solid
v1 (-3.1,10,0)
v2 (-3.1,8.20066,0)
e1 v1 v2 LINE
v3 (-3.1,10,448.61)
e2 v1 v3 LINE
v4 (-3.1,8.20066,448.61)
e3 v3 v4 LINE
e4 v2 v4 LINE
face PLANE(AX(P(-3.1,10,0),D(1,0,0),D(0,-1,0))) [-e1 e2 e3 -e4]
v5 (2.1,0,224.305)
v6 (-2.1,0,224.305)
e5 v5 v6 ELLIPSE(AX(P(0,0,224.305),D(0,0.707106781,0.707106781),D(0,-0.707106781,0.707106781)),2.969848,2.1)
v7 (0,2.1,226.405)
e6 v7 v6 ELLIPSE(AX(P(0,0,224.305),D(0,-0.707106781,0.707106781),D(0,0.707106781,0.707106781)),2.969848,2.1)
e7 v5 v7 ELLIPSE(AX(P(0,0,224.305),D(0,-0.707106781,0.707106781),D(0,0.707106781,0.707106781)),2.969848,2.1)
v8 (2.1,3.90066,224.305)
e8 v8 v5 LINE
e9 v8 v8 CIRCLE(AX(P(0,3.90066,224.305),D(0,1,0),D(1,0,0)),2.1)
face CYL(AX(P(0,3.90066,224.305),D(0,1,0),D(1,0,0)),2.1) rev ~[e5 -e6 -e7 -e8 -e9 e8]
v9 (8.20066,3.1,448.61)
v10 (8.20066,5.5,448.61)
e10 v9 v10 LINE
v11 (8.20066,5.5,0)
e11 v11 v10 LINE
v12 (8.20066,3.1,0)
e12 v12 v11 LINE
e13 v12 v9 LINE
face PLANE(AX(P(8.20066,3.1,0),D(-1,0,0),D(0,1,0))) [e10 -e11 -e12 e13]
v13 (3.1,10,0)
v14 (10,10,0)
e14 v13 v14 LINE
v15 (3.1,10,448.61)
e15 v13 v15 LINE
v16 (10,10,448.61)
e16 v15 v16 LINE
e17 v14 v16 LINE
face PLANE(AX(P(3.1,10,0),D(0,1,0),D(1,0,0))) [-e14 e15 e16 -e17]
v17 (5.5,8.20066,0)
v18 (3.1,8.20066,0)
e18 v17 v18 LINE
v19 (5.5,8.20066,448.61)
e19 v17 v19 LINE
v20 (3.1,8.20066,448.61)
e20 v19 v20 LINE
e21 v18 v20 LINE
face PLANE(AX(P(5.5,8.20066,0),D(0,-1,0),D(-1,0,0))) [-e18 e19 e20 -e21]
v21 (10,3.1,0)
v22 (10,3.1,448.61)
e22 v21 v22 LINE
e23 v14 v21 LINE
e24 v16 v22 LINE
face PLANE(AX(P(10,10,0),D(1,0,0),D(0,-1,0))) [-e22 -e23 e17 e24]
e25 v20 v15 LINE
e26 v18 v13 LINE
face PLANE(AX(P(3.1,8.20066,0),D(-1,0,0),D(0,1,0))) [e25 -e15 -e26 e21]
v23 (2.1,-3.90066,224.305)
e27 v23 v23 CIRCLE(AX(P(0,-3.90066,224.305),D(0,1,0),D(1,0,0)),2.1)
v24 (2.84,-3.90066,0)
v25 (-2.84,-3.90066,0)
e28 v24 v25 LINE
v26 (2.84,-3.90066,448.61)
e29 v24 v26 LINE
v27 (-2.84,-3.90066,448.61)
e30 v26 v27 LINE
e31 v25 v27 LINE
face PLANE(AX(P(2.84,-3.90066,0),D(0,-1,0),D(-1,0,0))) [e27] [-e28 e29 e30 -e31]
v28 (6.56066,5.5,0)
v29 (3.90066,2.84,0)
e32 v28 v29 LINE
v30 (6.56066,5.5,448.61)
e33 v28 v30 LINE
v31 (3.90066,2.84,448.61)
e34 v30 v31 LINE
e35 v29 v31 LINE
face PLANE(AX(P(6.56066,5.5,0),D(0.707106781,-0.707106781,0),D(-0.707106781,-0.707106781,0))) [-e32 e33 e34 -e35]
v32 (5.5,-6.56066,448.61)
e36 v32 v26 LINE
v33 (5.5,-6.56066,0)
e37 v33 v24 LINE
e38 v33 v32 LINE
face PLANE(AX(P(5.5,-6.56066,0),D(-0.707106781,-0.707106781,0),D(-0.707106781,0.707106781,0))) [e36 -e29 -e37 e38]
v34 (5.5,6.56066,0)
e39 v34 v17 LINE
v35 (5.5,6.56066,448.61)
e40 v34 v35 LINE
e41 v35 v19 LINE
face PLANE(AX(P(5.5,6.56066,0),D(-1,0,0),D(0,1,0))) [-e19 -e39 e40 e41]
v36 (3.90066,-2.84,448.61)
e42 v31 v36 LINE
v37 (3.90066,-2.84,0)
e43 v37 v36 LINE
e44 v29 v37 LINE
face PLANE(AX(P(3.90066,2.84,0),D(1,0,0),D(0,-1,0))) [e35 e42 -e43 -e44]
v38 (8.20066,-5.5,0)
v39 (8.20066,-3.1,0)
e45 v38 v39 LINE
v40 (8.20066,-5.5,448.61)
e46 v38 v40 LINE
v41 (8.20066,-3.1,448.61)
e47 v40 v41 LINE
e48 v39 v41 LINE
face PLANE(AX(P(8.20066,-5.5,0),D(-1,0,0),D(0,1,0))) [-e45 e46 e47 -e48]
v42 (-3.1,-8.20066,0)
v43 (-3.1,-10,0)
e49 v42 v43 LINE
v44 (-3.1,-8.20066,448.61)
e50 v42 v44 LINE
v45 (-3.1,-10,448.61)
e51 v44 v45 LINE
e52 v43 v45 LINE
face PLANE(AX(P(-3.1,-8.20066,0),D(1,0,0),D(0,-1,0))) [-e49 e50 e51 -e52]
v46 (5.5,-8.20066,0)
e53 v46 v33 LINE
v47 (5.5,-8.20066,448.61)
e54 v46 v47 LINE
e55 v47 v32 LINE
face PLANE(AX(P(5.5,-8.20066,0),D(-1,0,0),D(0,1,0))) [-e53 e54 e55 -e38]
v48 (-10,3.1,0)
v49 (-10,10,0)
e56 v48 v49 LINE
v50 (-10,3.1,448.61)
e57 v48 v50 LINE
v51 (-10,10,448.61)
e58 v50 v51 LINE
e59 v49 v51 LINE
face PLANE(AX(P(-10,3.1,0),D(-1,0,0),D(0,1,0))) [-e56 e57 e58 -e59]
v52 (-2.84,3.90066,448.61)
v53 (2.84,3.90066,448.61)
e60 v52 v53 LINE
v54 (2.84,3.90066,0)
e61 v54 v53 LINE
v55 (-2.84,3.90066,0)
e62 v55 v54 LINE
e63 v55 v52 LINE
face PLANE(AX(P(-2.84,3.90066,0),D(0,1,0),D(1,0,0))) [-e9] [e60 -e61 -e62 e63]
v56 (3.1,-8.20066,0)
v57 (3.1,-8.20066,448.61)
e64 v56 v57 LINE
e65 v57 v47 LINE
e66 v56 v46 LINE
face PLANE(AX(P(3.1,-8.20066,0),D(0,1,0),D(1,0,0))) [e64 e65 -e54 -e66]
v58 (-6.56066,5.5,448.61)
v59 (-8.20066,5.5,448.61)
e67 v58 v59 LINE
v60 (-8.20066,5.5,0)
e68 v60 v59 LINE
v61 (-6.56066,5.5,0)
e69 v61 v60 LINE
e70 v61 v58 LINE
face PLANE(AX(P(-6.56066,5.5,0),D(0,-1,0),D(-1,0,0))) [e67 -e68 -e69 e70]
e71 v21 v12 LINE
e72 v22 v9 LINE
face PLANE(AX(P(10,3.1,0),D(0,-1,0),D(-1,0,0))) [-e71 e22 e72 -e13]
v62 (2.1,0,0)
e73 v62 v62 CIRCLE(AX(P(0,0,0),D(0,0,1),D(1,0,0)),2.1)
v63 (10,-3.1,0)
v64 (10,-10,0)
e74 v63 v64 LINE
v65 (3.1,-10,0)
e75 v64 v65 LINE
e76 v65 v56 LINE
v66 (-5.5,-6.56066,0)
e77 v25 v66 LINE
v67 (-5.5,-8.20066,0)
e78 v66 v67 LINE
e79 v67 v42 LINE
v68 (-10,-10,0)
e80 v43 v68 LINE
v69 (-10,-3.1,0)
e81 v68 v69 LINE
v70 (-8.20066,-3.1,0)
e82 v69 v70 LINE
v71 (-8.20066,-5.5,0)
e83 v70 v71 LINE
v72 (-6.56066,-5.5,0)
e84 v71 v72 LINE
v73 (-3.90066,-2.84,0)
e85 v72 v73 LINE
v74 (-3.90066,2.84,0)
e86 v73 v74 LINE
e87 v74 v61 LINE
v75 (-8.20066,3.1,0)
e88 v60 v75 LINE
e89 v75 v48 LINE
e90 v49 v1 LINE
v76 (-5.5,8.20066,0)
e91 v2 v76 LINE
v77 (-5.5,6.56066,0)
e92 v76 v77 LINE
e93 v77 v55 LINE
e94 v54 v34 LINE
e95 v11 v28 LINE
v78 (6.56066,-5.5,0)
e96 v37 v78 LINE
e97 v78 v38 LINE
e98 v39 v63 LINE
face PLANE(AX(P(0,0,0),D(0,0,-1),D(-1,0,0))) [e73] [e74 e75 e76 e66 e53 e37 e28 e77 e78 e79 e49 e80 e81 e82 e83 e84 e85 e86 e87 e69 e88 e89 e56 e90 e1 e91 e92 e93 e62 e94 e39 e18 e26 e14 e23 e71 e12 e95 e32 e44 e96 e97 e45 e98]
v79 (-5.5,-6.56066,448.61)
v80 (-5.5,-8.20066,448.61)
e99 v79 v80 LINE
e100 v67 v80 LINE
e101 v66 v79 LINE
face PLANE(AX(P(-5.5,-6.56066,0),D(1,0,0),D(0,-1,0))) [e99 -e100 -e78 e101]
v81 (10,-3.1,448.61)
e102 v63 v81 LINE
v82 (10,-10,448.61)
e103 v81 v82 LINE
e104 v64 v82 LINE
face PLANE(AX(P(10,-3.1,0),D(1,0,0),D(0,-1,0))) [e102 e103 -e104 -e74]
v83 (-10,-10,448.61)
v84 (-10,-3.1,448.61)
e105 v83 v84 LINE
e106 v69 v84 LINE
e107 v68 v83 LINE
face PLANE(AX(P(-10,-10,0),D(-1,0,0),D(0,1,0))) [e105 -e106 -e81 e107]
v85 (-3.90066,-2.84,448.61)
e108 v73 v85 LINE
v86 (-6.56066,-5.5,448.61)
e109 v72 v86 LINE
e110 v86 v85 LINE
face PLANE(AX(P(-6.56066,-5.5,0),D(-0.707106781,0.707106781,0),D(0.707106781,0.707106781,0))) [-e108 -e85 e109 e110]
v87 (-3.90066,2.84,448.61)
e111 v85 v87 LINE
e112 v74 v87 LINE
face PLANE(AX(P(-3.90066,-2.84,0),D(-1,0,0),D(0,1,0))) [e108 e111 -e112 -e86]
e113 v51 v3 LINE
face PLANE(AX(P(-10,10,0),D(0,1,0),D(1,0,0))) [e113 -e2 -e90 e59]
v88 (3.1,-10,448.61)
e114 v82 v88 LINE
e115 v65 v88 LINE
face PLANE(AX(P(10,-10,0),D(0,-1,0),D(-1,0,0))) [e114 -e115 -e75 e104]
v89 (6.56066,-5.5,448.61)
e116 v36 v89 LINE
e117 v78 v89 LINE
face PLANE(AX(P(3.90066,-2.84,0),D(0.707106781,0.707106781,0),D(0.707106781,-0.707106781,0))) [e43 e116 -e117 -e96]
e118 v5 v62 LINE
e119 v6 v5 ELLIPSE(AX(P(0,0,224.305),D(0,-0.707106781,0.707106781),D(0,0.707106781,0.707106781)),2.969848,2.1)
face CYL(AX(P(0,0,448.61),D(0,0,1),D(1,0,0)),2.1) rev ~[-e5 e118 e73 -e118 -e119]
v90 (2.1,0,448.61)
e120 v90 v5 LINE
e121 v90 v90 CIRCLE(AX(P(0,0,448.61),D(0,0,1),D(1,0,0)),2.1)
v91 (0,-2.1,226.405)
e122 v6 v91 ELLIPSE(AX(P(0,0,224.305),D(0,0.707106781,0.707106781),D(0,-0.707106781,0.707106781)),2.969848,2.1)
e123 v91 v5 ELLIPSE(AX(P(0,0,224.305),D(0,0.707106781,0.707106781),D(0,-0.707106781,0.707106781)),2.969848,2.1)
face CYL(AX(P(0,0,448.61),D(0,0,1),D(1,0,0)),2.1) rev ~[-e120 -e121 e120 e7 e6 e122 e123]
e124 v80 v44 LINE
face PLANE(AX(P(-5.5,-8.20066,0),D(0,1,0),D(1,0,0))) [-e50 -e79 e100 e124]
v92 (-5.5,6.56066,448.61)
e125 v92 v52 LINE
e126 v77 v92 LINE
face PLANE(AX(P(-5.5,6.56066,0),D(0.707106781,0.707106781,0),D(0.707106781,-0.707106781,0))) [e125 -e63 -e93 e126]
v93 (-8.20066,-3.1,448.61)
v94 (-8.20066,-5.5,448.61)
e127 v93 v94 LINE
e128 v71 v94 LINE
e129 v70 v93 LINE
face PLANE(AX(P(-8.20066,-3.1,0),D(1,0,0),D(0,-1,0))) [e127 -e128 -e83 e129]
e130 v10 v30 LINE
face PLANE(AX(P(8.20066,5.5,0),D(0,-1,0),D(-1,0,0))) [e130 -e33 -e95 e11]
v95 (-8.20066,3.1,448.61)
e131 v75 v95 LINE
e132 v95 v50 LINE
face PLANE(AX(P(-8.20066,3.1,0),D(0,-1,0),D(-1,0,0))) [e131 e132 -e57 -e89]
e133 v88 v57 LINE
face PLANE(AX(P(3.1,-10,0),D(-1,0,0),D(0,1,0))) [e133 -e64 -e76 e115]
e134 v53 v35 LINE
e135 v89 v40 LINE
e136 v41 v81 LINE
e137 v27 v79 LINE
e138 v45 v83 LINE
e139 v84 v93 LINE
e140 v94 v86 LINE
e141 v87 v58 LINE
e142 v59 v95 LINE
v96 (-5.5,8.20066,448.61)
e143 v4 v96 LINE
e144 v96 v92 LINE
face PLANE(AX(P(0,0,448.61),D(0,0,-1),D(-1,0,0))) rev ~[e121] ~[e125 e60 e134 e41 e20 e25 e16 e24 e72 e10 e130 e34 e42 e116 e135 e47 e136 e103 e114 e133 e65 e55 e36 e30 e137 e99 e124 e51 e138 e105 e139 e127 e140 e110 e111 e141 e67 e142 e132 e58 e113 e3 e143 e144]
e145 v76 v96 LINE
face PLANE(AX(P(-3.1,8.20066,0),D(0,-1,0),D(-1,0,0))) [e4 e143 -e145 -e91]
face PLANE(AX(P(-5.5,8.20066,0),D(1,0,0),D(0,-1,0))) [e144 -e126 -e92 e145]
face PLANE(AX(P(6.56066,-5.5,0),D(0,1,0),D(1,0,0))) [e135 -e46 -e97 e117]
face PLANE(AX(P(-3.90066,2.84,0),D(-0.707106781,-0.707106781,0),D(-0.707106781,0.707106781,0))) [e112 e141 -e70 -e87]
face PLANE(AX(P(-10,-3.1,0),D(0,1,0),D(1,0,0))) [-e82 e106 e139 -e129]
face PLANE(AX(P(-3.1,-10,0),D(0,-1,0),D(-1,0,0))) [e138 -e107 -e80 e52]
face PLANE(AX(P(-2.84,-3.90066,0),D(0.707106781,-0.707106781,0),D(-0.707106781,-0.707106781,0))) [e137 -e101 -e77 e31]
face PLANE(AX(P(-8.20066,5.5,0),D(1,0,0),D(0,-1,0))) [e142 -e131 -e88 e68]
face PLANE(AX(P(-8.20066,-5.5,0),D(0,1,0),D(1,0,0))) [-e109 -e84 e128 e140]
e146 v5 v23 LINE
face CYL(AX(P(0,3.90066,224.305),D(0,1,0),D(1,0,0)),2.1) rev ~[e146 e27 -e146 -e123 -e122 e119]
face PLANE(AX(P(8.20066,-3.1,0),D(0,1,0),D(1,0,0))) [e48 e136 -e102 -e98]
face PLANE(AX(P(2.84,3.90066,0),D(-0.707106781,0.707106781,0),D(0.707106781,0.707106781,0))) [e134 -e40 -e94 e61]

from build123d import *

# Parameters (mm, degrees)
BOSS_EXTRUDE1_DEPTH = 448.61
SKETCH2_R           = 2.1
CUT_EXTRUDE1_DEPTH  = 449.61
SKETCH3_R           = 2.1
CUT_EXTRUDE2_DEPTH  = 14.900660172


with BuildPart() as part:
    # Sketch1 → Boss-Extrude1 (new body)
    with BuildSketch(Plane.XY):
        Polygon((-3.1, 10), (-3.1, 8.200660172), (-5.5, 8.200660172), (-5.5, 6.560660172), (-2.84, 3.900660172), (2.84, 3.900660172), (5.5, 6.560660172), (5.5, 8.200660172), (3.1, 8.200660172), (3.1, 10), (10, 10), (10, 3.1), (8.200660172, 3.1), (8.200660172, 5.5), (6.560660172, 5.5), (3.900660172, 2.84), (3.900660172, -2.84), (6.560660172, -5.5), (8.200660172, -5.5), (8.200660172, -3.1), (10, -3.1), (10, -10), (3.1, -10), (3.1, -8.200660172), (5.5, -8.200660172), (5.5, -6.560660172), (2.84, -3.900660172), (-2.84, -3.900660172), (-5.5, -6.560660172), (-5.5, -8.200660172), (-3.1, -8.200660172), (-3.1, -10), (-10, -10), (-10, -3.1), (-8.200660172, -3.1), (-8.200660172, -5.5), (-6.560660172, -5.5), (-3.900660172, -2.84), (-3.900660172, 2.84), (-6.560660172, 5.5), (-8.200660172, 5.5), (-8.200660172, 3.1), (-10, 3.1), (-10, 10), align=None)
    extrude(amount=BOSS_EXTRUDE1_DEPTH)

    # Sketch2 → Cut-Extrude1 (cut, through all)
    with BuildSketch(Plane.XY.offset(448.61)):
        Circle(SKETCH2_R)
    extrude(amount=-CUT_EXTRUDE1_DEPTH, mode=Mode.SUBTRACT)

    # Sketch3 → Cut-Extrude2 (cut, through all)
    with BuildSketch(Plane(origin=(0, 3.900660172, 0), x_dir=(1, 0, 0), z_dir=(0, 1, 0))):
        with Locations((0, -224.305)):
            Circle(SKETCH3_R)
    extrude(amount=-CUT_EXTRUDE2_DEPTH, mode=Mode.SUBTRACT)


solid = part.part
